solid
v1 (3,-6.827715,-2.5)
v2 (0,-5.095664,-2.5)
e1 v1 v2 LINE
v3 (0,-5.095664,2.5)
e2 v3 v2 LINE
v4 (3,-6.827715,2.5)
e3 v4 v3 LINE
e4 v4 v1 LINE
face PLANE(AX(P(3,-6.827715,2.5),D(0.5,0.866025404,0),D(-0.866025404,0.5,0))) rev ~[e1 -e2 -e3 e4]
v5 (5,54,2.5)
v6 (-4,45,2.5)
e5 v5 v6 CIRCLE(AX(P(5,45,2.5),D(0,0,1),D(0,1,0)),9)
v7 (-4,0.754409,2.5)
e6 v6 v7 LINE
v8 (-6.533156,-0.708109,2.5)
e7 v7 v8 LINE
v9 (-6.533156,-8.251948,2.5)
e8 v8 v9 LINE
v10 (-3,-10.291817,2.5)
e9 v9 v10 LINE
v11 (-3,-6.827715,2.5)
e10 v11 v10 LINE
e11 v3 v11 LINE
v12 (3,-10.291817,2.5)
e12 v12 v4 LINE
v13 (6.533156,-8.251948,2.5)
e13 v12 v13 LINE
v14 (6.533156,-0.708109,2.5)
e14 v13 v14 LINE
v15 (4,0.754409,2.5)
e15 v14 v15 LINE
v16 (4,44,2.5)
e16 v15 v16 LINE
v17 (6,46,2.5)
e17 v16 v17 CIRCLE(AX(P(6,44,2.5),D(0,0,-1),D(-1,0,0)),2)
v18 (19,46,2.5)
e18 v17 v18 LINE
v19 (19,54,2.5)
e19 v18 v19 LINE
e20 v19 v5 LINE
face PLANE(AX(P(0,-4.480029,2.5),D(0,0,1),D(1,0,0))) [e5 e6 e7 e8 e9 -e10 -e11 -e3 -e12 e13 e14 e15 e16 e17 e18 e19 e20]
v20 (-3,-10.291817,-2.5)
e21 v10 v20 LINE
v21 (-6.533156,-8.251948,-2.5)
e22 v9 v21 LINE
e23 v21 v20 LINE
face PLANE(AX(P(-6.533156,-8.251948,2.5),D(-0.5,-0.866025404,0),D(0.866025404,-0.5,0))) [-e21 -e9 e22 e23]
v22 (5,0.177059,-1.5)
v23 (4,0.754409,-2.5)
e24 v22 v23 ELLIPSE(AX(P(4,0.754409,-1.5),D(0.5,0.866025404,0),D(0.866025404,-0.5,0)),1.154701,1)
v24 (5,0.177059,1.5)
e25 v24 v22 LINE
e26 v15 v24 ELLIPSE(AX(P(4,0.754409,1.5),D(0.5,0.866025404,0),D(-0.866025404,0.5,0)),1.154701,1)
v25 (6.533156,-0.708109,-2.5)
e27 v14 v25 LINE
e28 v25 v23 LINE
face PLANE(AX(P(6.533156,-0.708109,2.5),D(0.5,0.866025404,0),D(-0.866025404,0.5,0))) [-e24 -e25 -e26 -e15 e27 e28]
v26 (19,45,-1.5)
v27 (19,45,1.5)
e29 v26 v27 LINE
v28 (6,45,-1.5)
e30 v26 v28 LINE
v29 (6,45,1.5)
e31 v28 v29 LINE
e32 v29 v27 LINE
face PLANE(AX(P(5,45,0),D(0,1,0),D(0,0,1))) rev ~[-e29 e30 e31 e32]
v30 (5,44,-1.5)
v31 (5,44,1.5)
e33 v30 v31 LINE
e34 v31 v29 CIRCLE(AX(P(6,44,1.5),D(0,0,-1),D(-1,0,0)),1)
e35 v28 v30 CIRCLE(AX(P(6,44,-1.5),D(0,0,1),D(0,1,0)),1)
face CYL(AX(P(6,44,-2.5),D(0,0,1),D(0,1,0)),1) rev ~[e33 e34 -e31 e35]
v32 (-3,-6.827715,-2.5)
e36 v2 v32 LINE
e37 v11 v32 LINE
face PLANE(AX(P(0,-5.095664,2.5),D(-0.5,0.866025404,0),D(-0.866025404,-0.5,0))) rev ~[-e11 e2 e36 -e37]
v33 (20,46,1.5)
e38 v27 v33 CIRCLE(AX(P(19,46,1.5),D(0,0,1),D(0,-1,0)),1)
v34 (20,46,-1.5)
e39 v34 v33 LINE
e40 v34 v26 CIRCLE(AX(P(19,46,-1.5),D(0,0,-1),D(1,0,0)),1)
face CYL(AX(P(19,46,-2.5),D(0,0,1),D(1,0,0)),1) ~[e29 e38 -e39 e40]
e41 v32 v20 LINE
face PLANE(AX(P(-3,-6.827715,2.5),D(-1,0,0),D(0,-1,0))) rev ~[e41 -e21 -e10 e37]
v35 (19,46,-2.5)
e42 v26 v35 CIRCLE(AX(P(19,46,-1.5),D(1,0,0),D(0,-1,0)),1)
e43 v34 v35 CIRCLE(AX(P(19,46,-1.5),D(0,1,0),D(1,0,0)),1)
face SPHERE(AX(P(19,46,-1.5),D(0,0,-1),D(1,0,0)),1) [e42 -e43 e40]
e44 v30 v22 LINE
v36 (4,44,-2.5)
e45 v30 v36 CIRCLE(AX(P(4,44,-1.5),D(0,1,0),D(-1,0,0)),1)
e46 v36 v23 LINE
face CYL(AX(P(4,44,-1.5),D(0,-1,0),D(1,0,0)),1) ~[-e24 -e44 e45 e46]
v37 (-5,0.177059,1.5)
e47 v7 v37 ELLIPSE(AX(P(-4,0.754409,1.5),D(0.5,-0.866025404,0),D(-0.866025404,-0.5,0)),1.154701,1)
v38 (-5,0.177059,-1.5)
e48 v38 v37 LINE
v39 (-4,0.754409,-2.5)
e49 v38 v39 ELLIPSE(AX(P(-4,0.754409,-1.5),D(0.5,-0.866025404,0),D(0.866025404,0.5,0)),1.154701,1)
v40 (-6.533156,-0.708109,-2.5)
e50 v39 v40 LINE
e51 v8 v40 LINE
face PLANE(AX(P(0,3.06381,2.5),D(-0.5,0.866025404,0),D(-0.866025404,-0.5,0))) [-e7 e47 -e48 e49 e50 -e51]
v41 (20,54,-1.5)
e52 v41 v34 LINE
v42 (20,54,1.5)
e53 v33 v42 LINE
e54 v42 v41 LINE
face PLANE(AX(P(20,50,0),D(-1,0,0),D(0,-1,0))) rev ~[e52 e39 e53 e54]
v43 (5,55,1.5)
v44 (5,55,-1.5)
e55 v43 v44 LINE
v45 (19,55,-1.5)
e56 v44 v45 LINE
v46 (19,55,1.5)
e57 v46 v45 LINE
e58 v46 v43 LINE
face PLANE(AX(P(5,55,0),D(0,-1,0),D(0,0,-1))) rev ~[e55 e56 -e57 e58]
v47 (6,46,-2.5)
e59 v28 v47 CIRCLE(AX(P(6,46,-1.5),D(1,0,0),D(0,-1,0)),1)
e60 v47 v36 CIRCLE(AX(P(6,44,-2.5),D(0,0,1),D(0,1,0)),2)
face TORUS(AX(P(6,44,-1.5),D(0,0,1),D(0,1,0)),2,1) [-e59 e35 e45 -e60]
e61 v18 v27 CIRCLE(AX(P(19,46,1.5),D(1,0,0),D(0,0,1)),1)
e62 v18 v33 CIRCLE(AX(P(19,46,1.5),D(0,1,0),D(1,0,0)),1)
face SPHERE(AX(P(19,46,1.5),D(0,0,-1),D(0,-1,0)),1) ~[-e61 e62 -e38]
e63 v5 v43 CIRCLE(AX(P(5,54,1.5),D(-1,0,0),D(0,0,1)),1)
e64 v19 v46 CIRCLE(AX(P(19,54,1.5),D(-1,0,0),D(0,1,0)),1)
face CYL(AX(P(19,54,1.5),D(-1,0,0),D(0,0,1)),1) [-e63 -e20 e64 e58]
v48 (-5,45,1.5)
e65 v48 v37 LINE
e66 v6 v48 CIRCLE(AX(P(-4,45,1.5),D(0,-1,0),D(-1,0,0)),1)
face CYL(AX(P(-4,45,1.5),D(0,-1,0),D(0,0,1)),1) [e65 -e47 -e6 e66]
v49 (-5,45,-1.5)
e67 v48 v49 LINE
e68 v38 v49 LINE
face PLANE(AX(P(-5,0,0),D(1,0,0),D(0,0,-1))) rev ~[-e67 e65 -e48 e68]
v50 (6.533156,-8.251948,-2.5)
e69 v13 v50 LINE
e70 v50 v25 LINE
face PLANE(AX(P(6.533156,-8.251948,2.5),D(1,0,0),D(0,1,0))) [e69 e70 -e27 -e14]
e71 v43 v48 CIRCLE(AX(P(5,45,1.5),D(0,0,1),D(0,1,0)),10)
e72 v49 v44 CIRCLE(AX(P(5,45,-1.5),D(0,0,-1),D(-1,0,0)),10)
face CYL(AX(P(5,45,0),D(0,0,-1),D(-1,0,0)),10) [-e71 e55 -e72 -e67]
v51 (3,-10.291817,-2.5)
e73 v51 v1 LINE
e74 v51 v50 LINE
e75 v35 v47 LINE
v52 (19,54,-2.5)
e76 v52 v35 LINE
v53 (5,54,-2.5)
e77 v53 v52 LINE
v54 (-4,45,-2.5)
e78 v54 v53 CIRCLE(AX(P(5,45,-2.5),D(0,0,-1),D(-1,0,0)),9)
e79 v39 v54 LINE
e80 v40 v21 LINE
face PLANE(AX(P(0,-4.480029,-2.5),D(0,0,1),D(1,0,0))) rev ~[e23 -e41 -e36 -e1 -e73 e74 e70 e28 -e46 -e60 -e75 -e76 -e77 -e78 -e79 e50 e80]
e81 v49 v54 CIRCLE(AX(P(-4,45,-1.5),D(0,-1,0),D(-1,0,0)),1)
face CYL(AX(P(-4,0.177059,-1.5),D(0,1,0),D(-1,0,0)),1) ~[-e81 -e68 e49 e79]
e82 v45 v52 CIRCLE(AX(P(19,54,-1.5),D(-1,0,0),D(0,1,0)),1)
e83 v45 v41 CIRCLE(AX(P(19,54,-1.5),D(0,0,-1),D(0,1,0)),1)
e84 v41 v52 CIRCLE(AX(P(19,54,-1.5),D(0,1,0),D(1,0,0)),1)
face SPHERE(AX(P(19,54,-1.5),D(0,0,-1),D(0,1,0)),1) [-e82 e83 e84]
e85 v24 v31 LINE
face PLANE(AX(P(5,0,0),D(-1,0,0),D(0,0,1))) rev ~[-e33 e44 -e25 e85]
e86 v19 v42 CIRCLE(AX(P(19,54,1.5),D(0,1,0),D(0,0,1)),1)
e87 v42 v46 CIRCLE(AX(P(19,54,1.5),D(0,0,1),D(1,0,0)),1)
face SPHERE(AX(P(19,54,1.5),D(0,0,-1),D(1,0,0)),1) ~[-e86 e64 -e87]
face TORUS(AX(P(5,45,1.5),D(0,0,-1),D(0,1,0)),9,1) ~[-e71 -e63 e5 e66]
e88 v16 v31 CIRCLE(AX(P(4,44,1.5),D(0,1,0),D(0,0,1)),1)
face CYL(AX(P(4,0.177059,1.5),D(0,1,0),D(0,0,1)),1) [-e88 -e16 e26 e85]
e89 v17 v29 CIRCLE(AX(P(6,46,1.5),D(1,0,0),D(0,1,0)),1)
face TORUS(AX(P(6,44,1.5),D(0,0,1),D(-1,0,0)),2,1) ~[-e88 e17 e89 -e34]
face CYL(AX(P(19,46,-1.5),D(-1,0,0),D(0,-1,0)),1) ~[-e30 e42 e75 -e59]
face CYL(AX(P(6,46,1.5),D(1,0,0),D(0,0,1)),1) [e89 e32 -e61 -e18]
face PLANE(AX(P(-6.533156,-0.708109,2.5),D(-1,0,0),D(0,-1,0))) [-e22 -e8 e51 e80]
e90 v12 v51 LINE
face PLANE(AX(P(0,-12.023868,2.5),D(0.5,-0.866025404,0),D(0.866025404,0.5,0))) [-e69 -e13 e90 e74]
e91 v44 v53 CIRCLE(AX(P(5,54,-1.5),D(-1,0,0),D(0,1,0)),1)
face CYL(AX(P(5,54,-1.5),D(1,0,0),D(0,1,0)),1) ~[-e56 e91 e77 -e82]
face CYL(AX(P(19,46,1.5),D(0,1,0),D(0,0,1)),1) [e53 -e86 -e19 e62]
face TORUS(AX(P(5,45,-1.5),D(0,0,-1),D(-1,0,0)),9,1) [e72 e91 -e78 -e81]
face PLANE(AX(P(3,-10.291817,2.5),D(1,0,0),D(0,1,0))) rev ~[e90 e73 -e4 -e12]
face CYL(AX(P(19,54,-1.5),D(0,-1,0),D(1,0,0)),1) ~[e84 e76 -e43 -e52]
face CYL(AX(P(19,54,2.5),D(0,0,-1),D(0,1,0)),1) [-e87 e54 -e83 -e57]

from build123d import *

# Parameters (mm, degrees)
F0_W     = 10
F0_H     = 5
F4_DEPTH = 5
F6_DEPTH = 5
F7_R     = 1
F8_R     = 1


with BuildPart() as f2:
    # F2: sweep along a path in F1
    with BuildLine(Plane.XY) as f2_path:
        Line((0, 0), (0, 45))
        ThreePointArc((0, 45), (1.4644660941, 48.5355339059), (5, 50))
        Line((5, 50), (20, 50))
    # F0 (on Front) → F2 (sweep)
    with BuildSketch(Plane.XZ):
        Rectangle(F0_W, F0_H)
    sweep(path=f2_path.line)

    # F3 (on face) → F4 (join, through all)
    with BuildSketch(Plane.XY.offset(2.5)):
        Polygon((0, -12.0238676125), (6.5331561742, -8.2519481366), (6.5331561742, -0.708109185), (0, 3.0638102908), (-6.5331561742, -0.708109185), (-6.5331561742, -8.2519481366), align=None)
    extrude(amount=-F4_DEPTH)

    # F5 (on face) → F6 (cut, through all)
    with BuildSketch(Plane.XY.offset(2.5)):
        Polygon((0, -12.0238676125), (3, -10.2918168049), (3, -6.8277151897), (0, -5.0956643822), (-3, -6.8277151897), (-3, -10.2918168049), align=None)
    extrude(amount=-F6_DEPTH, mode=Mode.SUBTRACT)

    # F7
    f7_edges = [f2.edges().sort_by_distance(p)[0] for p in [
        (20, 55, 0),
        (20, 45, 0),
        (5, 45, 0),
    ]]
    fillet(f7_edges, radius=F7_R)

    # F8
    f8_edges = [f2.edges().sort_by_distance(p)[0] for p in [
        (20, 50, 2.5),
        (20, 50, -2.5),
    ]]
    fillet(f8_edges, radius=F8_R)


solid = f2.part
